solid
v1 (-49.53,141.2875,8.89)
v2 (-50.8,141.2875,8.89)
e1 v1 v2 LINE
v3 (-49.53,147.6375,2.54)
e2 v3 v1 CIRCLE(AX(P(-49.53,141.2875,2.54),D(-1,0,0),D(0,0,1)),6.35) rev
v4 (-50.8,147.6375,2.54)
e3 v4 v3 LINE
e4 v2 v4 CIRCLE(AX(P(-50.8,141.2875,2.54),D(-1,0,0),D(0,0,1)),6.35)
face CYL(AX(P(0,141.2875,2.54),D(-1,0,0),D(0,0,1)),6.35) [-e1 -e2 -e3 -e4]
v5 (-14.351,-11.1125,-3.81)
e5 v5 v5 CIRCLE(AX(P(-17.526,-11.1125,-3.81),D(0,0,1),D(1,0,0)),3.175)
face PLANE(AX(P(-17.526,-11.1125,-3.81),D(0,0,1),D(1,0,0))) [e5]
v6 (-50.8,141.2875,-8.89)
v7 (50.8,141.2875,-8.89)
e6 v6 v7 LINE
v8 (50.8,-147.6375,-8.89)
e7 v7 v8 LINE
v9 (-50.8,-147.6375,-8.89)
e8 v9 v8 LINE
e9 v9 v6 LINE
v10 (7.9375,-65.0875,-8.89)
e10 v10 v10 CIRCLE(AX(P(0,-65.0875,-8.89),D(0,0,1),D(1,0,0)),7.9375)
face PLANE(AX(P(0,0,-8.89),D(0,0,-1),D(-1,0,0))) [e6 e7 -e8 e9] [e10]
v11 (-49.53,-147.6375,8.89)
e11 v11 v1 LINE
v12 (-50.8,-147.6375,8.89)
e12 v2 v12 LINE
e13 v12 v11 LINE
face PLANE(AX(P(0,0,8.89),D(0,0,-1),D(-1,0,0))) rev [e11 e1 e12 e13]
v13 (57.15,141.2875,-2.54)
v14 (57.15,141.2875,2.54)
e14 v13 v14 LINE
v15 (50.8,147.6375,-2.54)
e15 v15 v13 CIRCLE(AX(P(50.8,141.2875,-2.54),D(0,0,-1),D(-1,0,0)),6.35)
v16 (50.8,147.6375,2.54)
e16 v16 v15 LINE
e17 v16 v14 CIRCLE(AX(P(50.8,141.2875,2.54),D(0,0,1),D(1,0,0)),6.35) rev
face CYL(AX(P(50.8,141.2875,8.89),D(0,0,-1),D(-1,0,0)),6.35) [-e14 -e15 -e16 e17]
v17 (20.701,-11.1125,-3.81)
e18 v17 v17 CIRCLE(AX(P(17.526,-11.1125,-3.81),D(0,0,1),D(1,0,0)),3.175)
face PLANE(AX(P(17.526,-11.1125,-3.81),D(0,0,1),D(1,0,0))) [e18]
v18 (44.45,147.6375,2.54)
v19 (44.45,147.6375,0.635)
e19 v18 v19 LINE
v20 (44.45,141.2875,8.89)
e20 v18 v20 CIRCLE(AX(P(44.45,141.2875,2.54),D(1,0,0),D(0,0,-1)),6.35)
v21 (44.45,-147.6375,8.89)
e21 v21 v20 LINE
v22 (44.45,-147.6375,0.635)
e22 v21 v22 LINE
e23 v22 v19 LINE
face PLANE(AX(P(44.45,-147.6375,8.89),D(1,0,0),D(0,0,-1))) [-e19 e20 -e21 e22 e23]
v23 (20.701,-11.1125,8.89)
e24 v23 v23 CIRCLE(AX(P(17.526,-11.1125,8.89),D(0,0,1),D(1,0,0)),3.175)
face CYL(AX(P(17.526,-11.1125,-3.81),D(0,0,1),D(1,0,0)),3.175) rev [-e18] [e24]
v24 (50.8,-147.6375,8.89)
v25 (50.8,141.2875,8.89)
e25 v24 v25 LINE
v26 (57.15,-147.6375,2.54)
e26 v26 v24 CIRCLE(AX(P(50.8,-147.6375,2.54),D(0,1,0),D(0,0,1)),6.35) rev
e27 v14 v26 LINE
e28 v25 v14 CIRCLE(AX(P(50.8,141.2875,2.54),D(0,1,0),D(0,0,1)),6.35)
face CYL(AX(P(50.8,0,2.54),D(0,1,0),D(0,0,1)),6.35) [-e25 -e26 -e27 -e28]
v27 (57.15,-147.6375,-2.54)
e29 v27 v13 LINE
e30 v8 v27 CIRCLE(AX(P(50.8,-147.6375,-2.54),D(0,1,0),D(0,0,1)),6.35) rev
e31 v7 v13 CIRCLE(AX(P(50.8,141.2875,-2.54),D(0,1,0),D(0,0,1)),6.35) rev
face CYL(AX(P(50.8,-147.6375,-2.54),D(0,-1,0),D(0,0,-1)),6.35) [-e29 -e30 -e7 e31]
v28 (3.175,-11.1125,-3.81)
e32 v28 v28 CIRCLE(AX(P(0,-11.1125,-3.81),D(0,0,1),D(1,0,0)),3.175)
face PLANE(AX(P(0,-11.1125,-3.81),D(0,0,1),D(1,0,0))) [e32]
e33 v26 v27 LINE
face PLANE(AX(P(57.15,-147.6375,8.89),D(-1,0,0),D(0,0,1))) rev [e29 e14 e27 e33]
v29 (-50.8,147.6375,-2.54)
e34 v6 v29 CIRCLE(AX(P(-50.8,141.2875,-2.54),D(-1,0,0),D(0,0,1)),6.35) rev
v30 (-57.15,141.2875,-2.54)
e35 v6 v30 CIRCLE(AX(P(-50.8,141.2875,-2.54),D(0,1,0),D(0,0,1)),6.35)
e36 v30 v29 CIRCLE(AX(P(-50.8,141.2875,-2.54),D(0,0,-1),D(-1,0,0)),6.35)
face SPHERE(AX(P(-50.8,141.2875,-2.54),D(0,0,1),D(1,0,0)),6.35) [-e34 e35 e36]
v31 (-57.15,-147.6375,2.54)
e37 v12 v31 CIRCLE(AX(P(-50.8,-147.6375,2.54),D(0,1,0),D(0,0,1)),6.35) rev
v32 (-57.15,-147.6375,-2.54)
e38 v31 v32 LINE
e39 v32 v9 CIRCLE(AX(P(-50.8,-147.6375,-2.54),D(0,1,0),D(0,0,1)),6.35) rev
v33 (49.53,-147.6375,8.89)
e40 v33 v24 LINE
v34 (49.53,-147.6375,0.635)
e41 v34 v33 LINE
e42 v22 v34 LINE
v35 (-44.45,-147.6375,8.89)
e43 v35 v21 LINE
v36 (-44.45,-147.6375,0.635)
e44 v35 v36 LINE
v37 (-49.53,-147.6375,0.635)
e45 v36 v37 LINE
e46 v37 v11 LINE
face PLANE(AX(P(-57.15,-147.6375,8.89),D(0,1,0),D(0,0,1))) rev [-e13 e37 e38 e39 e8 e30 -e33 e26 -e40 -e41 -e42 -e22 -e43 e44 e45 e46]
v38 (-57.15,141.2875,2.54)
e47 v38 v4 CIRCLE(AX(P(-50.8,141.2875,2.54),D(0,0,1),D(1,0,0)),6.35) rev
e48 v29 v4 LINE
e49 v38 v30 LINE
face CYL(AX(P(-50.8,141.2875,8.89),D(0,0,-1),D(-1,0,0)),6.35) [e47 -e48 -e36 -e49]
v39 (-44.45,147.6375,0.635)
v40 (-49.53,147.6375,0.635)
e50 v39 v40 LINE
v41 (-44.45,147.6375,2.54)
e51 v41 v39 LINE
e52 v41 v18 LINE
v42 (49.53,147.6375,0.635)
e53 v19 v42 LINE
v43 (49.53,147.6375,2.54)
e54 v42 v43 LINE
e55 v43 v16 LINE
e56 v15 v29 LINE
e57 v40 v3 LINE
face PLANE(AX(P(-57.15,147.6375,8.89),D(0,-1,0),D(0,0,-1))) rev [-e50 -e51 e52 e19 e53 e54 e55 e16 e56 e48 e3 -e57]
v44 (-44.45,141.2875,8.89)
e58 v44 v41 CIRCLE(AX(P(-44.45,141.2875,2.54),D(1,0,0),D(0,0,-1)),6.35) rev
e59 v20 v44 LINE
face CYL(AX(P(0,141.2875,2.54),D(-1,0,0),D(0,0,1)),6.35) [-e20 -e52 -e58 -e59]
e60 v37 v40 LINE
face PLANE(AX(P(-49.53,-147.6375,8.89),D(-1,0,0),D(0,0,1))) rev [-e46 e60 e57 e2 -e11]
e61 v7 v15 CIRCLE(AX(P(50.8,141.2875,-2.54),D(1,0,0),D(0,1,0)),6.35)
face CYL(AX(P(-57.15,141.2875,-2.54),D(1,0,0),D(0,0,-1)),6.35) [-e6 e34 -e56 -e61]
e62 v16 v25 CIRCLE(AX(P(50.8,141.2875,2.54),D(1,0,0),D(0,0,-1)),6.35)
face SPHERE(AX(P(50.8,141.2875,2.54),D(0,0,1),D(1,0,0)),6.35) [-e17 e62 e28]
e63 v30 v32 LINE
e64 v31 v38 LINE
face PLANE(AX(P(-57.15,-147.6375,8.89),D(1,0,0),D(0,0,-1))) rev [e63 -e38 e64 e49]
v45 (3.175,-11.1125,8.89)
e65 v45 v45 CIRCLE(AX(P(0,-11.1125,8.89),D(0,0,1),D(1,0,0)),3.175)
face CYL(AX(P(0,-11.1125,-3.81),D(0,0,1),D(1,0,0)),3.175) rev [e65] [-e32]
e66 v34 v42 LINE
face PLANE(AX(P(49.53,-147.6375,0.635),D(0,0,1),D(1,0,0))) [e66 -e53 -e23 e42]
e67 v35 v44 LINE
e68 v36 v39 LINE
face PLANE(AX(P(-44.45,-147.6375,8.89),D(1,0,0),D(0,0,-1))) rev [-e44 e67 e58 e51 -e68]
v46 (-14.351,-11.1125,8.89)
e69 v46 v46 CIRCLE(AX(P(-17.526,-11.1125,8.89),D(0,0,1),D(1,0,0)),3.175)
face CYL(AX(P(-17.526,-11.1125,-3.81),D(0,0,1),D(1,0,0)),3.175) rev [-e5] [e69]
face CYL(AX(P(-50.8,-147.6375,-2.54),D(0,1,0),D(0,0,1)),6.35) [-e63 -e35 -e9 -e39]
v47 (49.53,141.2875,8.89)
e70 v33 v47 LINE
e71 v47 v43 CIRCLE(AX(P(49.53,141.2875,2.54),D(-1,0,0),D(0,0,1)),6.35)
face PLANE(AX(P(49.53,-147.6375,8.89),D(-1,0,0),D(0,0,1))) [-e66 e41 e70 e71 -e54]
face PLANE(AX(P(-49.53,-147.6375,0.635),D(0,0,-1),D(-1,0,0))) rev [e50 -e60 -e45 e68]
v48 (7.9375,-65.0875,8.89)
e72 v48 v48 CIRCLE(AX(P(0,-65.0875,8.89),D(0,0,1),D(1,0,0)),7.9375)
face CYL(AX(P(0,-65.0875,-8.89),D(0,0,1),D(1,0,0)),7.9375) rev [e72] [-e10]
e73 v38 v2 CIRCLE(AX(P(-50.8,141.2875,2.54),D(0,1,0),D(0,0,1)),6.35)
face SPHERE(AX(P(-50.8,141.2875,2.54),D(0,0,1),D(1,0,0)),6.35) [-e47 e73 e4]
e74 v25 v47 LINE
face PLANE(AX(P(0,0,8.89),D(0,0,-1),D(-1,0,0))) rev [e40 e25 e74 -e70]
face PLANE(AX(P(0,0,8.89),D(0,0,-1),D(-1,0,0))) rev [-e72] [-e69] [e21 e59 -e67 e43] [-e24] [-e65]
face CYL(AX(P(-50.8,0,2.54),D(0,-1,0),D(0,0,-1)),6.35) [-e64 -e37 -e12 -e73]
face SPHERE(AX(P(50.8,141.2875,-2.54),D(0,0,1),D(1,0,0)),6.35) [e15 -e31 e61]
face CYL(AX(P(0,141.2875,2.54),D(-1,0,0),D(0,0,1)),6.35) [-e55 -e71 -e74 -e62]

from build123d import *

# Parameters (mm, degrees)
SKETCH1_W           = 114.3
SKETCH1_H           = 295.275
BOSS_EXTRUDE1_DEPTH = 8.89
SKETCH2_R           = 3.175
CUT_EXTRUDE1_DEPTH  = 12.7
SKETCH3_W           = 5.08
SKETCH3_H           = 8.255
CUT_EXTRUDE2_DEPTH  = 296.275
FILLET1_R           = 6.35
SKETCH5_R           = 7.9375
CUT_EXTRUDE4_DEPTH  = 18.78


with BuildPart() as part:
    # Sketch1 → Boss-Extrude1 (new body, symmetric)
    with BuildSketch(Plane.XY):
        Rectangle(SKETCH1_W, SKETCH1_H)
    extrude(amount=BOSS_EXTRUDE1_DEPTH, both=True)

    # Sketch2 → Cut-Extrude1 (cut)
    with BuildSketch(Plane.XY.offset(8.89)):
        with Locations((0, -11.1125)):
            Circle(SKETCH2_R)
        with Locations((-17.526, -11.1125)):
            Circle(SKETCH2_R)
        with Locations((17.526, -11.1125)):
            Circle(SKETCH2_R)
    extrude(amount=-CUT_EXTRUDE1_DEPTH, mode=Mode.SUBTRACT)

    # Sketch3 → Cut-Extrude2 (cut, through all)
    with BuildSketch(Plane(origin=(0, 147.6375, 0), x_dir=(1, 0, 0), z_dir=(0, 1, 0))):
        with Locations((-46.99, -4.7625)):
            Rectangle(SKETCH3_W, SKETCH3_H)
    cut_extrude2 = extrude(amount=-CUT_EXTRUDE2_DEPTH, mode=Mode.SUBTRACT)

    # Mirror1: Cut-Extrude2 across plane
    add(cut_extrude2.mirror(Plane(origin=(0, 0, 0), x_dir=(0, 0, 1), z_dir=(1, 0, 0))), mode=Mode.SUBTRACT)

    # Fillet1
    fillet1_edges = [part.edges().sort_by_distance(p)[0] for p in [
        (-57.15, 0, 8.89),
        (-53.34, 147.6375, 8.89),
        (57.15, 0, 8.89),
        (0, 147.6375, 8.89),
        (-57.15, 0, -8.89),
        (0, 147.6375, -8.89),
        (57.15, 0, -8.89),
        (53.34, 147.6375, 8.89),
        (-57.15, 147.6375, 0),
        (57.15, 147.6375, 0),
    ]]
    fillet(fillet1_edges, radius=FILLET1_R)

    # Sketch5 → Cut-Extrude4 (cut, through all)
    with BuildSketch(Plane.XY.offset(8.89)):
        with Locations((0, -65.0875)):
            Circle(SKETCH5_R)
    extrude(amount=-CUT_EXTRUDE4_DEPTH, mode=Mode.SUBTRACT)


solid = part.part
